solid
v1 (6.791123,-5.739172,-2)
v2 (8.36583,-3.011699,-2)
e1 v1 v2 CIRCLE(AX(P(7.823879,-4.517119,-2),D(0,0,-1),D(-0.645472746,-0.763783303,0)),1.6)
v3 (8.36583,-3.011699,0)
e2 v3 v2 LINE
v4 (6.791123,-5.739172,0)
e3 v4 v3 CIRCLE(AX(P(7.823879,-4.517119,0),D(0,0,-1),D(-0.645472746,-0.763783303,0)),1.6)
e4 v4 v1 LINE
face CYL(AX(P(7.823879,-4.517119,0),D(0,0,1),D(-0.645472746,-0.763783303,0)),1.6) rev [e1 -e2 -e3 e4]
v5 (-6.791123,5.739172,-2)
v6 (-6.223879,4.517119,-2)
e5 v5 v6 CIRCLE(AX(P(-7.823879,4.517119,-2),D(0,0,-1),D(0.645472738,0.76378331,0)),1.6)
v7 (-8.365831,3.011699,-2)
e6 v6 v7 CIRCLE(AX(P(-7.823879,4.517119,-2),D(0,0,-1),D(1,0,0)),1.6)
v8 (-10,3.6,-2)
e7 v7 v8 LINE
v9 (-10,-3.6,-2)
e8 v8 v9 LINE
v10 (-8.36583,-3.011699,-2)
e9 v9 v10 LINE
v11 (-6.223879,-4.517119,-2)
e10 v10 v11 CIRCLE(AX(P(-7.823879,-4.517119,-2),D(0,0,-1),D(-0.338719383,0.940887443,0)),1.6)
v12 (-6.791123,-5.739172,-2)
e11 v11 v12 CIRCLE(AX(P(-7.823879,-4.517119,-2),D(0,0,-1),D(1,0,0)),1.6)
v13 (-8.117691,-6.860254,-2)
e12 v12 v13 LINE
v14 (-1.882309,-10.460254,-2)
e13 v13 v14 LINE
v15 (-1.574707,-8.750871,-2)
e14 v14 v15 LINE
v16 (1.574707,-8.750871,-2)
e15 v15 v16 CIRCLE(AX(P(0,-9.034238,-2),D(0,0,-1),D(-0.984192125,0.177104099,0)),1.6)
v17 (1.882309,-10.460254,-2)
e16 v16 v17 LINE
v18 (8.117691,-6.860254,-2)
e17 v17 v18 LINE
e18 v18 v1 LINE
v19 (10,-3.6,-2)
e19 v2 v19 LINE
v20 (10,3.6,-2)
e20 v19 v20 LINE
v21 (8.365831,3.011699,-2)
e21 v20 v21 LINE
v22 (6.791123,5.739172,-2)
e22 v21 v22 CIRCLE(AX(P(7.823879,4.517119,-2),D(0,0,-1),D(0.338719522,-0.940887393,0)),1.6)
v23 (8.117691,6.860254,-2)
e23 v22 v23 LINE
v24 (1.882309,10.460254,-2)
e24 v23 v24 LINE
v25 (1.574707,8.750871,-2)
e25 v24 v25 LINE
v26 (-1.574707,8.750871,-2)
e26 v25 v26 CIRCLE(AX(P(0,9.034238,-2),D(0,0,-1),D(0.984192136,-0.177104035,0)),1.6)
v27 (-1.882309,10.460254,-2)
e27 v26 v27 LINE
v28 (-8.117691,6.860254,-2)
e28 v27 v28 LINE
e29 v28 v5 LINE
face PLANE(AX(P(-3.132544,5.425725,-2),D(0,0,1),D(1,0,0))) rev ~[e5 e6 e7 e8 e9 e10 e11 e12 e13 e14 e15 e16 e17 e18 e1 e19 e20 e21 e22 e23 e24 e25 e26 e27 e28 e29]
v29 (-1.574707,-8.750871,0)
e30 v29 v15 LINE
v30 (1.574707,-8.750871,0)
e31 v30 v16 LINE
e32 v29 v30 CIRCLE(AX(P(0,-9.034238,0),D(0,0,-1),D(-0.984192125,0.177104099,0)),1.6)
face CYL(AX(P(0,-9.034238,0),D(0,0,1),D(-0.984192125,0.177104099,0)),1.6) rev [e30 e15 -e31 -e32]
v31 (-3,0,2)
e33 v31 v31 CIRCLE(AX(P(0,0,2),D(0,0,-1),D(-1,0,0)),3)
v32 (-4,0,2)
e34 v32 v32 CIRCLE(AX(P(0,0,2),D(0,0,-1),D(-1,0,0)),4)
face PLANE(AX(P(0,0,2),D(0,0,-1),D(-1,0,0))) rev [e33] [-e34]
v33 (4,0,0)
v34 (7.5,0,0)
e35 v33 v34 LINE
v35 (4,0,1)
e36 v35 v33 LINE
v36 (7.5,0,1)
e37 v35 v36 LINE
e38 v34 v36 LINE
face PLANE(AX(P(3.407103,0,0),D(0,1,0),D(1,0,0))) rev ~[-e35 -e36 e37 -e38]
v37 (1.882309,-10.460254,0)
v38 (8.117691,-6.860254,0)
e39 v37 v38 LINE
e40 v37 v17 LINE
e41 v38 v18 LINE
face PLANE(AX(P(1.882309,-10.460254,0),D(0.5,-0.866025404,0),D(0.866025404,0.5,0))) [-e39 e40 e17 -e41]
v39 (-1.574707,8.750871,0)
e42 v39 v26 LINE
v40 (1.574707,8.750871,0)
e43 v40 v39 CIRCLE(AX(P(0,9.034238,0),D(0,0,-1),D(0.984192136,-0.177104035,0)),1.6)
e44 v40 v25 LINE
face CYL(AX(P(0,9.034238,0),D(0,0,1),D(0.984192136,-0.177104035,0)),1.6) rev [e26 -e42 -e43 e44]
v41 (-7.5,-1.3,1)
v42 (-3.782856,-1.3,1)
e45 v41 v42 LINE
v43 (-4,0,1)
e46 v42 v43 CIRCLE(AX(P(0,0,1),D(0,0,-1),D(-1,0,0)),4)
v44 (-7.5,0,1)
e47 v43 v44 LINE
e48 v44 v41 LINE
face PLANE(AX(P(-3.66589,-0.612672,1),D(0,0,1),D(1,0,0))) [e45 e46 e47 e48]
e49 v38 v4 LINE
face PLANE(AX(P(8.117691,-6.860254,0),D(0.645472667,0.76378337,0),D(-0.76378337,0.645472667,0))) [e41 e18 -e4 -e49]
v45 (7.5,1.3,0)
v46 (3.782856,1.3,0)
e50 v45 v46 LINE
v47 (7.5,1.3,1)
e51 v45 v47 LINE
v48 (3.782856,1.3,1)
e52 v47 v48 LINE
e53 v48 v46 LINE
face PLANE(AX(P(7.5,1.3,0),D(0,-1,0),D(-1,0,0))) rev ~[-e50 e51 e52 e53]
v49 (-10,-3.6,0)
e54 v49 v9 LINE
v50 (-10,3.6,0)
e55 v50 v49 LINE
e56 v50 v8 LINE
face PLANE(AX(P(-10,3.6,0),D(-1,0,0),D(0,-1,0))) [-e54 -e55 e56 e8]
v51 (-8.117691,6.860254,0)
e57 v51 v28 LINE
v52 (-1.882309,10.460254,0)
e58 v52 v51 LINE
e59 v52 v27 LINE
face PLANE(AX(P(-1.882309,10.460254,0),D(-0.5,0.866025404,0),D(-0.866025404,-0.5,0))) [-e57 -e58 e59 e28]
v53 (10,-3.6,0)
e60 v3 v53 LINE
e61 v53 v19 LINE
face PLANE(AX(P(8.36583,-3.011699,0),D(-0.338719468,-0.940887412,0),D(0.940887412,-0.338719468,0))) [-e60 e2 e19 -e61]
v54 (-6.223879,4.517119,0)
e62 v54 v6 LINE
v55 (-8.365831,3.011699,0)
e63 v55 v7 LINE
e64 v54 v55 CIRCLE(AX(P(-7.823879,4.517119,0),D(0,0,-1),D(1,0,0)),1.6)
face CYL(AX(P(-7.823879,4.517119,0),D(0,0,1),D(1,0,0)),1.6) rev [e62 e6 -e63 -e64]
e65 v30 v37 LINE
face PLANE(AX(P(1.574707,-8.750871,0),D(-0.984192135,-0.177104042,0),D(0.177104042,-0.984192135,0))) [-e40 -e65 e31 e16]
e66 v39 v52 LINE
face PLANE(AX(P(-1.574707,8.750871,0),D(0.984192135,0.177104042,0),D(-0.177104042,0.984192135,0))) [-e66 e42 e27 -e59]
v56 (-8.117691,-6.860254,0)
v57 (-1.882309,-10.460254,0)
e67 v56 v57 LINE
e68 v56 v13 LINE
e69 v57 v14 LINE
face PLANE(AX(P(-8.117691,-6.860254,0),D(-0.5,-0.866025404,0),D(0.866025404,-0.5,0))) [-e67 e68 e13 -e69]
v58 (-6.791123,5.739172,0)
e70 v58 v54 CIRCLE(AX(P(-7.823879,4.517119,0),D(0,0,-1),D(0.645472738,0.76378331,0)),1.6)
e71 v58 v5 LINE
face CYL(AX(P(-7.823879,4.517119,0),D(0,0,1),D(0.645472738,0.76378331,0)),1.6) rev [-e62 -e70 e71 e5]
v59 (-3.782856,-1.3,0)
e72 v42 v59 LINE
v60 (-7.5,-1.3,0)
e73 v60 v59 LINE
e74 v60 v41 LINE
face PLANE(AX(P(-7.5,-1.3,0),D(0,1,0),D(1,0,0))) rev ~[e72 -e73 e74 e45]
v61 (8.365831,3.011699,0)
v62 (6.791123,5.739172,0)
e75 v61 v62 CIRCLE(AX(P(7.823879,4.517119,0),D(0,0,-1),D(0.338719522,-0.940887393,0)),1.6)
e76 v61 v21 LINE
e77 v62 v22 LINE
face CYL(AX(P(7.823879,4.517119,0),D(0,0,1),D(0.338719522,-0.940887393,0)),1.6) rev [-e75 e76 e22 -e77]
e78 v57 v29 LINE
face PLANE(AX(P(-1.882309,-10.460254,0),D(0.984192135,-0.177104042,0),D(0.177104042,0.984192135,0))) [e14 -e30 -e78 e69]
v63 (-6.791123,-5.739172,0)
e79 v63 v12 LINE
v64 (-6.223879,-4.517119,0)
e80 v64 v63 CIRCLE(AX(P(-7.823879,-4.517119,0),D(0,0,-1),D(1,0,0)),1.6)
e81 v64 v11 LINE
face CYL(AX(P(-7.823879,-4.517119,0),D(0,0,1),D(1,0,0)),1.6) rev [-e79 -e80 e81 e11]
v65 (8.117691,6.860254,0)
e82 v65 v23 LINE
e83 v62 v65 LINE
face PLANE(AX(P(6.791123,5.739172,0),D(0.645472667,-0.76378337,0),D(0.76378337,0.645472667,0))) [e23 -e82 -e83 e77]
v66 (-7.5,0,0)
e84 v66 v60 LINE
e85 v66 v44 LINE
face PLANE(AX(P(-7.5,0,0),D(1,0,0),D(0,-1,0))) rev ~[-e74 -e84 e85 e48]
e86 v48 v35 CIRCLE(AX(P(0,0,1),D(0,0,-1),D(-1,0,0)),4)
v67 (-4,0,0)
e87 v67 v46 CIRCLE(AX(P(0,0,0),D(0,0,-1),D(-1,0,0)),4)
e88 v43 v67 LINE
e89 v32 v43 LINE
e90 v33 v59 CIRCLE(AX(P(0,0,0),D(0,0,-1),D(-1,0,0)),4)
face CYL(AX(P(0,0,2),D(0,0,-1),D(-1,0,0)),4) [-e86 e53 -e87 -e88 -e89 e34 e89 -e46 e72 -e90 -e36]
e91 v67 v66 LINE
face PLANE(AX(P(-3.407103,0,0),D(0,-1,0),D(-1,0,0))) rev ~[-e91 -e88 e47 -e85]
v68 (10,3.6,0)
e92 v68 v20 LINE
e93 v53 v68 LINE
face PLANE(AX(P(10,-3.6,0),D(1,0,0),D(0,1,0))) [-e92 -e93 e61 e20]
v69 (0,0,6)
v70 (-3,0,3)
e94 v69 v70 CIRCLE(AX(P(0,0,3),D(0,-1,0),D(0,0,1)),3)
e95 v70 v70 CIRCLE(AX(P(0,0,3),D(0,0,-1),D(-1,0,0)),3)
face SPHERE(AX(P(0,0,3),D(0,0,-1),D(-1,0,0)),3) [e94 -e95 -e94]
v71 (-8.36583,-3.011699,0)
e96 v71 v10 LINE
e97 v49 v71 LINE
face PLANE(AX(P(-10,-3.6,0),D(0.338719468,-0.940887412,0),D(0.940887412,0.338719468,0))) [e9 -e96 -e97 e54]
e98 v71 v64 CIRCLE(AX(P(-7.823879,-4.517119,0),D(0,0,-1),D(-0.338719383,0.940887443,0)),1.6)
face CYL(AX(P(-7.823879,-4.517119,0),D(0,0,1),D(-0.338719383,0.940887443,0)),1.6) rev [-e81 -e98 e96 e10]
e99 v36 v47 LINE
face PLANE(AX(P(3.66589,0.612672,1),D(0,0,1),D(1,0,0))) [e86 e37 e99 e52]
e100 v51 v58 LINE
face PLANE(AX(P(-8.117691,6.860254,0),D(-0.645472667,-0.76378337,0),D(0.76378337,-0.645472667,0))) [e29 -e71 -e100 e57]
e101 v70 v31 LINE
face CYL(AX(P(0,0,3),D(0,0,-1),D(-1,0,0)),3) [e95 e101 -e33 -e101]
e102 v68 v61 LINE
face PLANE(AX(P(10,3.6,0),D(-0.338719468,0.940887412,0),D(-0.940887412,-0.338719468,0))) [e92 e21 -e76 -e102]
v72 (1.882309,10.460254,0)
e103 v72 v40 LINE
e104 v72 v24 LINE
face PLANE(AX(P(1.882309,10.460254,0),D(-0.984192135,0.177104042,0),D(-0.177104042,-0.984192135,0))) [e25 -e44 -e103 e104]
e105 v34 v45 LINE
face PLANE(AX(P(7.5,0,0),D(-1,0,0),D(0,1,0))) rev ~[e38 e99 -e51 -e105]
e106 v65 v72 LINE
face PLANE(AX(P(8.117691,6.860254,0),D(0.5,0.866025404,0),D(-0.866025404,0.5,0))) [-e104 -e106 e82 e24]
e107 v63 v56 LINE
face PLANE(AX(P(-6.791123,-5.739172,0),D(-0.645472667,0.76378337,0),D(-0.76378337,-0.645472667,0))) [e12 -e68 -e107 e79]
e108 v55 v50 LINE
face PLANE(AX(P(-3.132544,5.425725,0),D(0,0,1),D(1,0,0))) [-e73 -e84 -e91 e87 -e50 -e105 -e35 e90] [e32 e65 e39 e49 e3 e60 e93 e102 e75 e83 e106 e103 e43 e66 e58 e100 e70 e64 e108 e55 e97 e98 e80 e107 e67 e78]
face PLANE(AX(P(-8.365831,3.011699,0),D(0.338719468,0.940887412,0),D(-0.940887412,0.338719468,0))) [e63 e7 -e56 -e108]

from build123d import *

# Parameters (mm, degrees)
F1_DEPTH = 2
F5_DEPTH = 1


with BuildPart() as f1:
    # F0 (on Top) → F1 (new body)
    with BuildSketch(Plane.XY):
        Polygon((-6.7911229225, 5.7391721177), (0, 0), (-1.5747073965, 8.7508710698), (-1.8823085464, 10.4602540378), (-8.1176914536, 6.8602540378), align=None)
        with BuildLine():
            Line((-1.5747073965, 8.7508710698), (0, 0))
            Line((0, 0), (1.5747074179, 8.7508711884))
            ThreePointArc((1.5747074179, 8.7508711884), (6.02e-08, 7.4342376439), (-1.5747073965, 8.7508710698))
        make_face()
        Polygon((1.5747074179, 8.7508711884), (0, 0), (6.7911228899, 5.7391720902), (8.1176914536, 6.8602540378), (1.8823085464, 10.4602540378), align=None)
        with BuildLine():
            Line((6.7911228899, 5.7391720902), (0, 0))
            Line((0, 0), (8.3658305386, 3.0116989939))
            ThreePointArc((8.3658305386, 3.0116989939), (6.4382387283, 3.7171186992), (6.7911228899, 5.7391720902))
        make_face()
        Polygon((8.3658305386, 3.0116989939), (0, 0), (8.3658304092, -3.0116989473), (10, -3.6), (10, 3.6), align=None)
        with BuildLine():
            Line((8.3658304092, -3.0116989473), (0, 0))
            Line((0, 0), (6.7911229101, -5.7391721072))
            ThreePointArc((6.7911229101, -5.7391721072), (6.4382386873, -3.7171187701), (8.3658304092, -3.0116989473))
        make_face()
        Polygon((6.7911229101, -5.7391721072), (0, 0), (1.574707395, -8.7508710612), (1.8823085464, -10.4602540378), (8.1176914536, -6.8602540378), align=None)
        with BuildLine():
            Line((1.574707395, -8.7508710612), (0, 0))
            Line((0, 0), (-1.5747073992, -8.7508710849))
            ThreePointArc((-1.5747073992, -8.7508710849), (-1.21e-08, -7.4342376439), (1.574707395, -8.7508710612))
        make_face()
        Polygon((-1.5747073992, -8.7508710849), (0, 0), (-6.791122959, -5.7391721485), (-8.1176914536, -6.8602540378), (-1.8823085464, -10.4602540378), align=None)
        with BuildLine():
            Line((0, 0), (-8.3658303156, -3.0116989136))
            ThreePointArc((-8.3658303156, -3.0116989136), (-6.9038580047, -3.2080883373), (-6.2238793035, -4.517118822))
            ThreePointArc((-6.2238793035, -4.517118822), (-6.3726022536, -5.1907618464), (-6.791122959, -5.7391721485))
            Line((-6.791122959, -5.7391721485), (0, 0))
        make_face()
        Polygon((-8.3658305462, 3.0116989966), (-10, 3.6), (-10, -3.6), (-8.3658303156, -3.0116989136), (0, 0), align=None)
        with BuildLine():
            ThreePointArc((-6.2238793035, 4.517118822), (-6.9038581049, 3.2080882668), (-8.3658305462, 3.0116989966))
            Line((-8.3658305462, 3.0116989966), (0, 0))
            Line((0, 0), (-6.7911229225, 5.7391721177))
            ThreePointArc((-6.7911229225, 5.7391721177), (-6.3726022435, 5.1907618248), (-6.2238793035, 4.517118822))
        make_face()
    extrude(amount=-F1_DEPTH)

    # F2 (on Front) → F3 (revolve)
    with BuildSketch(Plane.XZ):
        with BuildLine():
            Line((-4, 0), (0, 0))
            Line((0, 0), (0, 6))
            ThreePointArc((0, 6), (-2.1213203436, 5.1213203436), (-3, 3))
            Line((-3, 3), (-3, 2))
            Line((-3, 2), (-4, 2))
            Line((-4, 2), (-4, 0))
        make_face()
    revolve(axis=Axis((0, 0, 3), (0, 0, -1)))

    # F4 (on face) → F5 (join)
    with BuildSketch(Plane.XY):
        with BuildLine():
            Line((-3.4071028195, -1.3), (-3.4071028195, 0))
            Line((-3.4071028195, 0), (-4, 0))
            ThreePointArc((-4, 0), (-3.9453405592, -0.6590052141), (-3.7828560639, -1.3))
            Line((-3.7828560639, -1.3), (-3.4071028195, -1.3))
        make_face()
        with BuildLine():
            ThreePointArc((-3.7828560639, -1.3), (-3.9453405592, -0.6590052141), (-4, 0))
            Line((-4, 0), (-7.5, 0))
            Line((-7.5, 0), (-7.5, -1.3))
            Line((-7.5, -1.3), (-3.7828560639, -1.3))
        make_face()
        with BuildLine():
            ThreePointArc((4, 0), (3.9453405592, 0.6590052141), (3.7828560639, 1.3))
            Line((3.7828560639, 1.3), (3.4071028195, 1.3))
            Line((3.4071028195, 1.3), (3.4071028195, 0))
            Line((3.4071028195, 0), (4, 0))
        make_face()
        with BuildLine():
            Line((7.5, 1.3), (3.7828560639, 1.3))
            ThreePointArc((3.7828560639, 1.3), (3.9453405592, 0.6590052141), (4, 0))
            Line((4, 0), (7.5, 0))
            Line((7.5, 0), (7.5, 1.3))
        make_face()
    extrude(amount=F5_DEPTH)


solid = f1.part
